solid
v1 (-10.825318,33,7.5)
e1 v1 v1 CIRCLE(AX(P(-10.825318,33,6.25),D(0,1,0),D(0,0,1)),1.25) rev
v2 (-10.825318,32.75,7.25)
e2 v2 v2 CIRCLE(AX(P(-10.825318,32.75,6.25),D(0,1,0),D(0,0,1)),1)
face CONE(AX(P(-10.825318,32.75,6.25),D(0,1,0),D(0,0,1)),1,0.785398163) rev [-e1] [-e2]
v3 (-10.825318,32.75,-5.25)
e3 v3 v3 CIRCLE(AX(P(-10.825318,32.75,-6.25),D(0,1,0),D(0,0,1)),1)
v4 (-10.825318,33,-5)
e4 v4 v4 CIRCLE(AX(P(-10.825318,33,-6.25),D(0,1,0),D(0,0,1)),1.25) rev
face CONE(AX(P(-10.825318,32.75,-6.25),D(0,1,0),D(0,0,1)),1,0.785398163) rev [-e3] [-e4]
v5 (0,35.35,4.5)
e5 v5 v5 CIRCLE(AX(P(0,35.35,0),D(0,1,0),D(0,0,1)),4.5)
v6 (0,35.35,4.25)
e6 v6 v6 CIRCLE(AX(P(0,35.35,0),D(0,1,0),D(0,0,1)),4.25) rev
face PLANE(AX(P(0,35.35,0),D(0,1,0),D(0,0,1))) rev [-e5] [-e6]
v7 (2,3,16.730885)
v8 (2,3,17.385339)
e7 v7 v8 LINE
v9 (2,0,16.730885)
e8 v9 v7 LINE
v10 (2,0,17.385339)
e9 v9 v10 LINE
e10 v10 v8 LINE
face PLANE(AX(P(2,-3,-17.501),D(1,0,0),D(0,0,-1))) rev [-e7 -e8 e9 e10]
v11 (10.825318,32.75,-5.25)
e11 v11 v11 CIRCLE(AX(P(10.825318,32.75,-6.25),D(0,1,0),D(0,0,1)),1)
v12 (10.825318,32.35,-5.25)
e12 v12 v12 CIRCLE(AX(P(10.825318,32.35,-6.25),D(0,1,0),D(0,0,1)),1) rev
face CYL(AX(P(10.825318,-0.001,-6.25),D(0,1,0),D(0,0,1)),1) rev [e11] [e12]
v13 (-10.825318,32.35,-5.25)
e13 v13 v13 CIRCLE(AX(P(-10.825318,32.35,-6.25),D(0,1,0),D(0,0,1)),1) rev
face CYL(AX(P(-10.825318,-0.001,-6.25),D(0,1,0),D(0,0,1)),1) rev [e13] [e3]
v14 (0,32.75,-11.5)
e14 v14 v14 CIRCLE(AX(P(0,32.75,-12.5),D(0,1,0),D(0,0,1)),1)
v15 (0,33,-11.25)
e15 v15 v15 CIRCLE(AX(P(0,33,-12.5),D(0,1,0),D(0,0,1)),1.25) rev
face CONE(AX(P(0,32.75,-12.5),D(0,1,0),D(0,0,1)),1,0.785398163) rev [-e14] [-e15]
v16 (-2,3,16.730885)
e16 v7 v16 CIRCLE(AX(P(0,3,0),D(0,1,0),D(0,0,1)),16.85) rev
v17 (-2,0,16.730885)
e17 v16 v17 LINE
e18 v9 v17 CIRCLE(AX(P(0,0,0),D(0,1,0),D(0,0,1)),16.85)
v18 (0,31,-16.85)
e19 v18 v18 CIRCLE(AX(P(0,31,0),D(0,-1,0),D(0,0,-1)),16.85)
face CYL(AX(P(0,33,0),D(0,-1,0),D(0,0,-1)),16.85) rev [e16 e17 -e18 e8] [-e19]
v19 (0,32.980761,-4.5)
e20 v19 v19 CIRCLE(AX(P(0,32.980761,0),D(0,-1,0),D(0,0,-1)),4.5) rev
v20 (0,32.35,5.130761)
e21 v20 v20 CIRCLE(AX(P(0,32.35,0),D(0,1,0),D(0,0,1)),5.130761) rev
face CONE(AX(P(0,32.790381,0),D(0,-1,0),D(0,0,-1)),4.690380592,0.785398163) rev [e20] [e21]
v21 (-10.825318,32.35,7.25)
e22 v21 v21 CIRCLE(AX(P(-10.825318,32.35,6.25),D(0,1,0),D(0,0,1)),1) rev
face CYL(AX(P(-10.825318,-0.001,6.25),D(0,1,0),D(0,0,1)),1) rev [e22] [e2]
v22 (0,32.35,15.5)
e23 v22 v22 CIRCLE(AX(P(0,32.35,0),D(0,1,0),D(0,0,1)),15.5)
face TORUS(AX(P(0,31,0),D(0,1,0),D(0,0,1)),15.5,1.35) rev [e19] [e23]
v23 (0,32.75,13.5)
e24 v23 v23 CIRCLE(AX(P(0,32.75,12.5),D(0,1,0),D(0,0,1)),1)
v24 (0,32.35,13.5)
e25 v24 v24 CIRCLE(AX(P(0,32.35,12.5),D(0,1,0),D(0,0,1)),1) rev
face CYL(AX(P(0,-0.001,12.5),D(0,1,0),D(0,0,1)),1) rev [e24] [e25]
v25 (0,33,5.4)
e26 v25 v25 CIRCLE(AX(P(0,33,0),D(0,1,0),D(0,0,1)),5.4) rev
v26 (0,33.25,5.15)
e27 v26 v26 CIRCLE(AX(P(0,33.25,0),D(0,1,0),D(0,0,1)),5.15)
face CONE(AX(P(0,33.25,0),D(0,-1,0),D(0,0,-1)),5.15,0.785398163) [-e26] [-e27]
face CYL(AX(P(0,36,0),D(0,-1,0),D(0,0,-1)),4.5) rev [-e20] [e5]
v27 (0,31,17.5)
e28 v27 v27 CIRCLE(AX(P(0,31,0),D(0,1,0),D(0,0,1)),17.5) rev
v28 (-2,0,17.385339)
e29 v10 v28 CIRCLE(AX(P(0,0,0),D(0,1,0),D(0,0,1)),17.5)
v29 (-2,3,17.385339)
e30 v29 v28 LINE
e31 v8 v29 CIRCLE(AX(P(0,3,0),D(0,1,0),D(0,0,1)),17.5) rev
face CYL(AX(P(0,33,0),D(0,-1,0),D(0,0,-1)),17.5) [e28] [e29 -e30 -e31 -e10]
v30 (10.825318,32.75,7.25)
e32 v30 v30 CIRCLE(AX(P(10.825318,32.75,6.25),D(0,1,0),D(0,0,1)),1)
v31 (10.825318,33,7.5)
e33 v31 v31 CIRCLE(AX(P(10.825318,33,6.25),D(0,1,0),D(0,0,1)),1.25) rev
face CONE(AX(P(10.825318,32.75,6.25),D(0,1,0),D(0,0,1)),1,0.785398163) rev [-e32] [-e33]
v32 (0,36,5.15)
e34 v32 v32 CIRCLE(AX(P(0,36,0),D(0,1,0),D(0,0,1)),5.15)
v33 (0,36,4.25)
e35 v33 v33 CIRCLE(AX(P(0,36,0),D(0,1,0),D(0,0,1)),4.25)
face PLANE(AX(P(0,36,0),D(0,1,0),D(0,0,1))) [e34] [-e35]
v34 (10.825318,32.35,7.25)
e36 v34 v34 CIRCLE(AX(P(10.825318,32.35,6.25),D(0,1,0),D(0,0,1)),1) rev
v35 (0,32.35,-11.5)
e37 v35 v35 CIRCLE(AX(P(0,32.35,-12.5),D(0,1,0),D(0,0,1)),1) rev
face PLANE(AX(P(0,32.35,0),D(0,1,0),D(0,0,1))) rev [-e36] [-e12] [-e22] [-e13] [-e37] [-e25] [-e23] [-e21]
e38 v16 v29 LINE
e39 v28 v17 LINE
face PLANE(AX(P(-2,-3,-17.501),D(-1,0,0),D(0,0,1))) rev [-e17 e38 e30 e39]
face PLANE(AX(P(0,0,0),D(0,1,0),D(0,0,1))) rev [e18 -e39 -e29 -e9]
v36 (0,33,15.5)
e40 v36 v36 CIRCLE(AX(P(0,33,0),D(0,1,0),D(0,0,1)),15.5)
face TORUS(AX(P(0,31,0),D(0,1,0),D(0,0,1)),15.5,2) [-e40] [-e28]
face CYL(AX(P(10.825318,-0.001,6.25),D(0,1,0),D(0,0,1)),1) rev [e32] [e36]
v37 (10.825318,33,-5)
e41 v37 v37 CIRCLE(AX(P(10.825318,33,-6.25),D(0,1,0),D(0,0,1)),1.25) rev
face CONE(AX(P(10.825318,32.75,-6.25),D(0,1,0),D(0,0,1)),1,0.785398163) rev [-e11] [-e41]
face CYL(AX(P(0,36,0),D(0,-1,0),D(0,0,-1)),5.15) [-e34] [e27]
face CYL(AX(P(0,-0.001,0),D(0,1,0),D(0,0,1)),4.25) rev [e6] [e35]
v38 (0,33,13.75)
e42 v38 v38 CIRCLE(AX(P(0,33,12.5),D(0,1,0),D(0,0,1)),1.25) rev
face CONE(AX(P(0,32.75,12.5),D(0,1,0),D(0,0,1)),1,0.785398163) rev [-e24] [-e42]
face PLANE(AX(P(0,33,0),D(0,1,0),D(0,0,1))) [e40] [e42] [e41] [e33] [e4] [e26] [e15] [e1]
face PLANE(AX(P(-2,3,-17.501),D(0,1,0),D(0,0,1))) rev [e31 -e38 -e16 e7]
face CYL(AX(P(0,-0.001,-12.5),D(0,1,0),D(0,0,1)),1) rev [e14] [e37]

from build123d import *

# Parameters (mm, degrees)
SKETCH1_R                    = 17.5
BOSS_EXTRUDE1_DEPTH          = 33
FILLET1_R                    = 2
SKETCH3_R                    = 5.15
BOSS_EXTRUDE2_DEPTH          = 3
CHAMFER1_SIZE                = 0.25
SHELL1_T                     = -0.65
CUT_EXTRUDE1_REACH           = 45.686
SKETCH4_R                    = 4.25
CUT_EXTRUDE2_REACH           = 43.249
SKETCH5_R                    = 1
CHAMFER2_SIZE                = 0.25
CIRPATTERN1_COUNT            = 6
CHAMFER2_OF_CIRPATTERN1_SIZE = 0.25
CUT_EXTRUDE3_REACH           = 55.172
CUT_EXTRUDE3_END_RADIUS      = 16.85
SKETCH6_W                    = 4
SKETCH6_H                    = 6


with BuildPart() as part:
    # Sketch1 → Boss-Extrude1 (new body)
    with BuildSketch(Plane(origin=(0, 0, 0), x_dir=(1, 0, 0), z_dir=(0, 1, 0))):
        with Locations(Location((0, 0, 0), (0, 0, 270))):
            Circle(SKETCH1_R)
    extrude(amount=BOSS_EXTRUDE1_DEPTH)

    # Fillet1
    fillet1_edges = [part.edges().sort_by_distance(p)[0] for p in [
        (0, 33, -17.5),
    ]]
    fillet(fillet1_edges, radius=FILLET1_R)

    # Sketch3 → Boss-Extrude2 (add)
    with BuildSketch(Plane(origin=(0, 33, 0), x_dir=(1, 0, 0), z_dir=(0, 1, 0))):
        with Locations(Location((0, 0, 0), (0, 0, 270))):
            Circle(SKETCH3_R)
    extrude(amount=BOSS_EXTRUDE2_DEPTH)

    # Chamfer1
    chamfer1_edges = [part.edges().sort_by_distance(p)[0] for p in [
        (0, 33, -5.15),
    ]]
    chamfer(chamfer1_edges, length=CHAMFER1_SIZE)

    # Shell1
    shell1_openings = [part.faces().sort_by_distance(p)[0] for p in [
        (0, 0, 0),
    ]]
    offset(amount=SHELL1_T, openings=shell1_openings, kind=Kind.INTERSECTION)

    # Sketch4 → Cut-Extrude1 (cut, up to next)
    with BuildSketch(Plane(origin=(0, 36, 0), x_dir=(1, 0, 0), z_dir=(0, 1, 0)), mode=Mode.PRIVATE) as cut_extrude1_sk1:
        with Locations(Location((0, 0, 0), (0, 0, 270))):
            Circle(SKETCH4_R)
    cut_extrude1_tool1 = extrude(cut_extrude1_sk1.sketch, amount=-CUT_EXTRUDE1_REACH, mode=Mode.PRIVATE) & part.part
    add(cut_extrude1_tool1.solids().sort_by_distance((0, 36, 0))[0], mode=Mode.SUBTRACT)

    # Sketch5 → Cut-Extrude2 (cut, up to next)
    with BuildSketch(Plane(origin=(0, 33, 0), x_dir=(1, 0, 0), z_dir=(0, 1, 0)), mode=Mode.PRIVATE) as cut_extrude2_sk1:
        with Locations(Location((0, 12.5, 0), (0, 0, 270))):
            Circle(SKETCH5_R)
    cut_extrude2_tool1 = extrude(cut_extrude2_sk1.sketch, amount=-CUT_EXTRUDE2_REACH, mode=Mode.PRIVATE) & part.part
    cut_extrude2 = cut_extrude2_tool1.solids().sort_by_distance((0, 33, -12.5))[0]
    add(cut_extrude2, mode=Mode.SUBTRACT)

    # Chamfer2
    chamfer2_edges = [part.edges().sort_by_distance(p)[0] for p in [
        (0, 33, -13.5),
    ]]
    chamfer(chamfer2_edges, length=CHAMFER2_SIZE)

    # CirPattern1: Cut-Extrude2 ×6 about axis
    cirpattern1_axis = Axis((0, 0, 0), (0, 1, 0))
    for i in range(1, CIRPATTERN1_COUNT):
        add(cut_extrude2.rotate(cirpattern1_axis, i * 360 / CIRPATTERN1_COUNT), mode=Mode.SUBTRACT)

    # Chamfer2 of CirPattern1
    chamfer2_of_cirpattern1_edges = [part.edges().sort_by_distance(p)[0] for p in [
        (-11.691342951, 33, -6.75),
        (-11.691342951, 33, 6.75),
        (0, 33, 13.5),
        (11.691342951, 33, 6.75),
        (11.691342951, 33, -6.75),
    ]]
    chamfer(chamfer2_of_cirpattern1_edges, length=CHAMFER2_OF_CIRPATTERN1_SIZE)

    # Cut-Extrude3: up to this cylinder (the profile starts outside it)
    cut_extrude3_end = Plane(origin=(0, 0, 0), z_dir=(0, -1, 0)) * Cylinder(CUT_EXTRUDE3_END_RADIUS, 145.044, mode=Mode.PRIVATE)
    # Sketch6 → Cut-Extrude3 (cut, up to the surface)
    with BuildSketch(Plane.XY.offset(17.5), mode=Mode.PRIVATE) as cut_extrude3_sk1:
        Rectangle(SKETCH6_W, SKETCH6_H)
    cut_extrude3_tool1 = extrude(cut_extrude3_sk1.sketch, amount=-CUT_EXTRUDE3_REACH, mode=Mode.PRIVATE) - cut_extrude3_end
    add(cut_extrude3_tool1.solids().sort_by_distance((0, 0, 17.5))[0], mode=Mode.SUBTRACT)


solid = part.part
